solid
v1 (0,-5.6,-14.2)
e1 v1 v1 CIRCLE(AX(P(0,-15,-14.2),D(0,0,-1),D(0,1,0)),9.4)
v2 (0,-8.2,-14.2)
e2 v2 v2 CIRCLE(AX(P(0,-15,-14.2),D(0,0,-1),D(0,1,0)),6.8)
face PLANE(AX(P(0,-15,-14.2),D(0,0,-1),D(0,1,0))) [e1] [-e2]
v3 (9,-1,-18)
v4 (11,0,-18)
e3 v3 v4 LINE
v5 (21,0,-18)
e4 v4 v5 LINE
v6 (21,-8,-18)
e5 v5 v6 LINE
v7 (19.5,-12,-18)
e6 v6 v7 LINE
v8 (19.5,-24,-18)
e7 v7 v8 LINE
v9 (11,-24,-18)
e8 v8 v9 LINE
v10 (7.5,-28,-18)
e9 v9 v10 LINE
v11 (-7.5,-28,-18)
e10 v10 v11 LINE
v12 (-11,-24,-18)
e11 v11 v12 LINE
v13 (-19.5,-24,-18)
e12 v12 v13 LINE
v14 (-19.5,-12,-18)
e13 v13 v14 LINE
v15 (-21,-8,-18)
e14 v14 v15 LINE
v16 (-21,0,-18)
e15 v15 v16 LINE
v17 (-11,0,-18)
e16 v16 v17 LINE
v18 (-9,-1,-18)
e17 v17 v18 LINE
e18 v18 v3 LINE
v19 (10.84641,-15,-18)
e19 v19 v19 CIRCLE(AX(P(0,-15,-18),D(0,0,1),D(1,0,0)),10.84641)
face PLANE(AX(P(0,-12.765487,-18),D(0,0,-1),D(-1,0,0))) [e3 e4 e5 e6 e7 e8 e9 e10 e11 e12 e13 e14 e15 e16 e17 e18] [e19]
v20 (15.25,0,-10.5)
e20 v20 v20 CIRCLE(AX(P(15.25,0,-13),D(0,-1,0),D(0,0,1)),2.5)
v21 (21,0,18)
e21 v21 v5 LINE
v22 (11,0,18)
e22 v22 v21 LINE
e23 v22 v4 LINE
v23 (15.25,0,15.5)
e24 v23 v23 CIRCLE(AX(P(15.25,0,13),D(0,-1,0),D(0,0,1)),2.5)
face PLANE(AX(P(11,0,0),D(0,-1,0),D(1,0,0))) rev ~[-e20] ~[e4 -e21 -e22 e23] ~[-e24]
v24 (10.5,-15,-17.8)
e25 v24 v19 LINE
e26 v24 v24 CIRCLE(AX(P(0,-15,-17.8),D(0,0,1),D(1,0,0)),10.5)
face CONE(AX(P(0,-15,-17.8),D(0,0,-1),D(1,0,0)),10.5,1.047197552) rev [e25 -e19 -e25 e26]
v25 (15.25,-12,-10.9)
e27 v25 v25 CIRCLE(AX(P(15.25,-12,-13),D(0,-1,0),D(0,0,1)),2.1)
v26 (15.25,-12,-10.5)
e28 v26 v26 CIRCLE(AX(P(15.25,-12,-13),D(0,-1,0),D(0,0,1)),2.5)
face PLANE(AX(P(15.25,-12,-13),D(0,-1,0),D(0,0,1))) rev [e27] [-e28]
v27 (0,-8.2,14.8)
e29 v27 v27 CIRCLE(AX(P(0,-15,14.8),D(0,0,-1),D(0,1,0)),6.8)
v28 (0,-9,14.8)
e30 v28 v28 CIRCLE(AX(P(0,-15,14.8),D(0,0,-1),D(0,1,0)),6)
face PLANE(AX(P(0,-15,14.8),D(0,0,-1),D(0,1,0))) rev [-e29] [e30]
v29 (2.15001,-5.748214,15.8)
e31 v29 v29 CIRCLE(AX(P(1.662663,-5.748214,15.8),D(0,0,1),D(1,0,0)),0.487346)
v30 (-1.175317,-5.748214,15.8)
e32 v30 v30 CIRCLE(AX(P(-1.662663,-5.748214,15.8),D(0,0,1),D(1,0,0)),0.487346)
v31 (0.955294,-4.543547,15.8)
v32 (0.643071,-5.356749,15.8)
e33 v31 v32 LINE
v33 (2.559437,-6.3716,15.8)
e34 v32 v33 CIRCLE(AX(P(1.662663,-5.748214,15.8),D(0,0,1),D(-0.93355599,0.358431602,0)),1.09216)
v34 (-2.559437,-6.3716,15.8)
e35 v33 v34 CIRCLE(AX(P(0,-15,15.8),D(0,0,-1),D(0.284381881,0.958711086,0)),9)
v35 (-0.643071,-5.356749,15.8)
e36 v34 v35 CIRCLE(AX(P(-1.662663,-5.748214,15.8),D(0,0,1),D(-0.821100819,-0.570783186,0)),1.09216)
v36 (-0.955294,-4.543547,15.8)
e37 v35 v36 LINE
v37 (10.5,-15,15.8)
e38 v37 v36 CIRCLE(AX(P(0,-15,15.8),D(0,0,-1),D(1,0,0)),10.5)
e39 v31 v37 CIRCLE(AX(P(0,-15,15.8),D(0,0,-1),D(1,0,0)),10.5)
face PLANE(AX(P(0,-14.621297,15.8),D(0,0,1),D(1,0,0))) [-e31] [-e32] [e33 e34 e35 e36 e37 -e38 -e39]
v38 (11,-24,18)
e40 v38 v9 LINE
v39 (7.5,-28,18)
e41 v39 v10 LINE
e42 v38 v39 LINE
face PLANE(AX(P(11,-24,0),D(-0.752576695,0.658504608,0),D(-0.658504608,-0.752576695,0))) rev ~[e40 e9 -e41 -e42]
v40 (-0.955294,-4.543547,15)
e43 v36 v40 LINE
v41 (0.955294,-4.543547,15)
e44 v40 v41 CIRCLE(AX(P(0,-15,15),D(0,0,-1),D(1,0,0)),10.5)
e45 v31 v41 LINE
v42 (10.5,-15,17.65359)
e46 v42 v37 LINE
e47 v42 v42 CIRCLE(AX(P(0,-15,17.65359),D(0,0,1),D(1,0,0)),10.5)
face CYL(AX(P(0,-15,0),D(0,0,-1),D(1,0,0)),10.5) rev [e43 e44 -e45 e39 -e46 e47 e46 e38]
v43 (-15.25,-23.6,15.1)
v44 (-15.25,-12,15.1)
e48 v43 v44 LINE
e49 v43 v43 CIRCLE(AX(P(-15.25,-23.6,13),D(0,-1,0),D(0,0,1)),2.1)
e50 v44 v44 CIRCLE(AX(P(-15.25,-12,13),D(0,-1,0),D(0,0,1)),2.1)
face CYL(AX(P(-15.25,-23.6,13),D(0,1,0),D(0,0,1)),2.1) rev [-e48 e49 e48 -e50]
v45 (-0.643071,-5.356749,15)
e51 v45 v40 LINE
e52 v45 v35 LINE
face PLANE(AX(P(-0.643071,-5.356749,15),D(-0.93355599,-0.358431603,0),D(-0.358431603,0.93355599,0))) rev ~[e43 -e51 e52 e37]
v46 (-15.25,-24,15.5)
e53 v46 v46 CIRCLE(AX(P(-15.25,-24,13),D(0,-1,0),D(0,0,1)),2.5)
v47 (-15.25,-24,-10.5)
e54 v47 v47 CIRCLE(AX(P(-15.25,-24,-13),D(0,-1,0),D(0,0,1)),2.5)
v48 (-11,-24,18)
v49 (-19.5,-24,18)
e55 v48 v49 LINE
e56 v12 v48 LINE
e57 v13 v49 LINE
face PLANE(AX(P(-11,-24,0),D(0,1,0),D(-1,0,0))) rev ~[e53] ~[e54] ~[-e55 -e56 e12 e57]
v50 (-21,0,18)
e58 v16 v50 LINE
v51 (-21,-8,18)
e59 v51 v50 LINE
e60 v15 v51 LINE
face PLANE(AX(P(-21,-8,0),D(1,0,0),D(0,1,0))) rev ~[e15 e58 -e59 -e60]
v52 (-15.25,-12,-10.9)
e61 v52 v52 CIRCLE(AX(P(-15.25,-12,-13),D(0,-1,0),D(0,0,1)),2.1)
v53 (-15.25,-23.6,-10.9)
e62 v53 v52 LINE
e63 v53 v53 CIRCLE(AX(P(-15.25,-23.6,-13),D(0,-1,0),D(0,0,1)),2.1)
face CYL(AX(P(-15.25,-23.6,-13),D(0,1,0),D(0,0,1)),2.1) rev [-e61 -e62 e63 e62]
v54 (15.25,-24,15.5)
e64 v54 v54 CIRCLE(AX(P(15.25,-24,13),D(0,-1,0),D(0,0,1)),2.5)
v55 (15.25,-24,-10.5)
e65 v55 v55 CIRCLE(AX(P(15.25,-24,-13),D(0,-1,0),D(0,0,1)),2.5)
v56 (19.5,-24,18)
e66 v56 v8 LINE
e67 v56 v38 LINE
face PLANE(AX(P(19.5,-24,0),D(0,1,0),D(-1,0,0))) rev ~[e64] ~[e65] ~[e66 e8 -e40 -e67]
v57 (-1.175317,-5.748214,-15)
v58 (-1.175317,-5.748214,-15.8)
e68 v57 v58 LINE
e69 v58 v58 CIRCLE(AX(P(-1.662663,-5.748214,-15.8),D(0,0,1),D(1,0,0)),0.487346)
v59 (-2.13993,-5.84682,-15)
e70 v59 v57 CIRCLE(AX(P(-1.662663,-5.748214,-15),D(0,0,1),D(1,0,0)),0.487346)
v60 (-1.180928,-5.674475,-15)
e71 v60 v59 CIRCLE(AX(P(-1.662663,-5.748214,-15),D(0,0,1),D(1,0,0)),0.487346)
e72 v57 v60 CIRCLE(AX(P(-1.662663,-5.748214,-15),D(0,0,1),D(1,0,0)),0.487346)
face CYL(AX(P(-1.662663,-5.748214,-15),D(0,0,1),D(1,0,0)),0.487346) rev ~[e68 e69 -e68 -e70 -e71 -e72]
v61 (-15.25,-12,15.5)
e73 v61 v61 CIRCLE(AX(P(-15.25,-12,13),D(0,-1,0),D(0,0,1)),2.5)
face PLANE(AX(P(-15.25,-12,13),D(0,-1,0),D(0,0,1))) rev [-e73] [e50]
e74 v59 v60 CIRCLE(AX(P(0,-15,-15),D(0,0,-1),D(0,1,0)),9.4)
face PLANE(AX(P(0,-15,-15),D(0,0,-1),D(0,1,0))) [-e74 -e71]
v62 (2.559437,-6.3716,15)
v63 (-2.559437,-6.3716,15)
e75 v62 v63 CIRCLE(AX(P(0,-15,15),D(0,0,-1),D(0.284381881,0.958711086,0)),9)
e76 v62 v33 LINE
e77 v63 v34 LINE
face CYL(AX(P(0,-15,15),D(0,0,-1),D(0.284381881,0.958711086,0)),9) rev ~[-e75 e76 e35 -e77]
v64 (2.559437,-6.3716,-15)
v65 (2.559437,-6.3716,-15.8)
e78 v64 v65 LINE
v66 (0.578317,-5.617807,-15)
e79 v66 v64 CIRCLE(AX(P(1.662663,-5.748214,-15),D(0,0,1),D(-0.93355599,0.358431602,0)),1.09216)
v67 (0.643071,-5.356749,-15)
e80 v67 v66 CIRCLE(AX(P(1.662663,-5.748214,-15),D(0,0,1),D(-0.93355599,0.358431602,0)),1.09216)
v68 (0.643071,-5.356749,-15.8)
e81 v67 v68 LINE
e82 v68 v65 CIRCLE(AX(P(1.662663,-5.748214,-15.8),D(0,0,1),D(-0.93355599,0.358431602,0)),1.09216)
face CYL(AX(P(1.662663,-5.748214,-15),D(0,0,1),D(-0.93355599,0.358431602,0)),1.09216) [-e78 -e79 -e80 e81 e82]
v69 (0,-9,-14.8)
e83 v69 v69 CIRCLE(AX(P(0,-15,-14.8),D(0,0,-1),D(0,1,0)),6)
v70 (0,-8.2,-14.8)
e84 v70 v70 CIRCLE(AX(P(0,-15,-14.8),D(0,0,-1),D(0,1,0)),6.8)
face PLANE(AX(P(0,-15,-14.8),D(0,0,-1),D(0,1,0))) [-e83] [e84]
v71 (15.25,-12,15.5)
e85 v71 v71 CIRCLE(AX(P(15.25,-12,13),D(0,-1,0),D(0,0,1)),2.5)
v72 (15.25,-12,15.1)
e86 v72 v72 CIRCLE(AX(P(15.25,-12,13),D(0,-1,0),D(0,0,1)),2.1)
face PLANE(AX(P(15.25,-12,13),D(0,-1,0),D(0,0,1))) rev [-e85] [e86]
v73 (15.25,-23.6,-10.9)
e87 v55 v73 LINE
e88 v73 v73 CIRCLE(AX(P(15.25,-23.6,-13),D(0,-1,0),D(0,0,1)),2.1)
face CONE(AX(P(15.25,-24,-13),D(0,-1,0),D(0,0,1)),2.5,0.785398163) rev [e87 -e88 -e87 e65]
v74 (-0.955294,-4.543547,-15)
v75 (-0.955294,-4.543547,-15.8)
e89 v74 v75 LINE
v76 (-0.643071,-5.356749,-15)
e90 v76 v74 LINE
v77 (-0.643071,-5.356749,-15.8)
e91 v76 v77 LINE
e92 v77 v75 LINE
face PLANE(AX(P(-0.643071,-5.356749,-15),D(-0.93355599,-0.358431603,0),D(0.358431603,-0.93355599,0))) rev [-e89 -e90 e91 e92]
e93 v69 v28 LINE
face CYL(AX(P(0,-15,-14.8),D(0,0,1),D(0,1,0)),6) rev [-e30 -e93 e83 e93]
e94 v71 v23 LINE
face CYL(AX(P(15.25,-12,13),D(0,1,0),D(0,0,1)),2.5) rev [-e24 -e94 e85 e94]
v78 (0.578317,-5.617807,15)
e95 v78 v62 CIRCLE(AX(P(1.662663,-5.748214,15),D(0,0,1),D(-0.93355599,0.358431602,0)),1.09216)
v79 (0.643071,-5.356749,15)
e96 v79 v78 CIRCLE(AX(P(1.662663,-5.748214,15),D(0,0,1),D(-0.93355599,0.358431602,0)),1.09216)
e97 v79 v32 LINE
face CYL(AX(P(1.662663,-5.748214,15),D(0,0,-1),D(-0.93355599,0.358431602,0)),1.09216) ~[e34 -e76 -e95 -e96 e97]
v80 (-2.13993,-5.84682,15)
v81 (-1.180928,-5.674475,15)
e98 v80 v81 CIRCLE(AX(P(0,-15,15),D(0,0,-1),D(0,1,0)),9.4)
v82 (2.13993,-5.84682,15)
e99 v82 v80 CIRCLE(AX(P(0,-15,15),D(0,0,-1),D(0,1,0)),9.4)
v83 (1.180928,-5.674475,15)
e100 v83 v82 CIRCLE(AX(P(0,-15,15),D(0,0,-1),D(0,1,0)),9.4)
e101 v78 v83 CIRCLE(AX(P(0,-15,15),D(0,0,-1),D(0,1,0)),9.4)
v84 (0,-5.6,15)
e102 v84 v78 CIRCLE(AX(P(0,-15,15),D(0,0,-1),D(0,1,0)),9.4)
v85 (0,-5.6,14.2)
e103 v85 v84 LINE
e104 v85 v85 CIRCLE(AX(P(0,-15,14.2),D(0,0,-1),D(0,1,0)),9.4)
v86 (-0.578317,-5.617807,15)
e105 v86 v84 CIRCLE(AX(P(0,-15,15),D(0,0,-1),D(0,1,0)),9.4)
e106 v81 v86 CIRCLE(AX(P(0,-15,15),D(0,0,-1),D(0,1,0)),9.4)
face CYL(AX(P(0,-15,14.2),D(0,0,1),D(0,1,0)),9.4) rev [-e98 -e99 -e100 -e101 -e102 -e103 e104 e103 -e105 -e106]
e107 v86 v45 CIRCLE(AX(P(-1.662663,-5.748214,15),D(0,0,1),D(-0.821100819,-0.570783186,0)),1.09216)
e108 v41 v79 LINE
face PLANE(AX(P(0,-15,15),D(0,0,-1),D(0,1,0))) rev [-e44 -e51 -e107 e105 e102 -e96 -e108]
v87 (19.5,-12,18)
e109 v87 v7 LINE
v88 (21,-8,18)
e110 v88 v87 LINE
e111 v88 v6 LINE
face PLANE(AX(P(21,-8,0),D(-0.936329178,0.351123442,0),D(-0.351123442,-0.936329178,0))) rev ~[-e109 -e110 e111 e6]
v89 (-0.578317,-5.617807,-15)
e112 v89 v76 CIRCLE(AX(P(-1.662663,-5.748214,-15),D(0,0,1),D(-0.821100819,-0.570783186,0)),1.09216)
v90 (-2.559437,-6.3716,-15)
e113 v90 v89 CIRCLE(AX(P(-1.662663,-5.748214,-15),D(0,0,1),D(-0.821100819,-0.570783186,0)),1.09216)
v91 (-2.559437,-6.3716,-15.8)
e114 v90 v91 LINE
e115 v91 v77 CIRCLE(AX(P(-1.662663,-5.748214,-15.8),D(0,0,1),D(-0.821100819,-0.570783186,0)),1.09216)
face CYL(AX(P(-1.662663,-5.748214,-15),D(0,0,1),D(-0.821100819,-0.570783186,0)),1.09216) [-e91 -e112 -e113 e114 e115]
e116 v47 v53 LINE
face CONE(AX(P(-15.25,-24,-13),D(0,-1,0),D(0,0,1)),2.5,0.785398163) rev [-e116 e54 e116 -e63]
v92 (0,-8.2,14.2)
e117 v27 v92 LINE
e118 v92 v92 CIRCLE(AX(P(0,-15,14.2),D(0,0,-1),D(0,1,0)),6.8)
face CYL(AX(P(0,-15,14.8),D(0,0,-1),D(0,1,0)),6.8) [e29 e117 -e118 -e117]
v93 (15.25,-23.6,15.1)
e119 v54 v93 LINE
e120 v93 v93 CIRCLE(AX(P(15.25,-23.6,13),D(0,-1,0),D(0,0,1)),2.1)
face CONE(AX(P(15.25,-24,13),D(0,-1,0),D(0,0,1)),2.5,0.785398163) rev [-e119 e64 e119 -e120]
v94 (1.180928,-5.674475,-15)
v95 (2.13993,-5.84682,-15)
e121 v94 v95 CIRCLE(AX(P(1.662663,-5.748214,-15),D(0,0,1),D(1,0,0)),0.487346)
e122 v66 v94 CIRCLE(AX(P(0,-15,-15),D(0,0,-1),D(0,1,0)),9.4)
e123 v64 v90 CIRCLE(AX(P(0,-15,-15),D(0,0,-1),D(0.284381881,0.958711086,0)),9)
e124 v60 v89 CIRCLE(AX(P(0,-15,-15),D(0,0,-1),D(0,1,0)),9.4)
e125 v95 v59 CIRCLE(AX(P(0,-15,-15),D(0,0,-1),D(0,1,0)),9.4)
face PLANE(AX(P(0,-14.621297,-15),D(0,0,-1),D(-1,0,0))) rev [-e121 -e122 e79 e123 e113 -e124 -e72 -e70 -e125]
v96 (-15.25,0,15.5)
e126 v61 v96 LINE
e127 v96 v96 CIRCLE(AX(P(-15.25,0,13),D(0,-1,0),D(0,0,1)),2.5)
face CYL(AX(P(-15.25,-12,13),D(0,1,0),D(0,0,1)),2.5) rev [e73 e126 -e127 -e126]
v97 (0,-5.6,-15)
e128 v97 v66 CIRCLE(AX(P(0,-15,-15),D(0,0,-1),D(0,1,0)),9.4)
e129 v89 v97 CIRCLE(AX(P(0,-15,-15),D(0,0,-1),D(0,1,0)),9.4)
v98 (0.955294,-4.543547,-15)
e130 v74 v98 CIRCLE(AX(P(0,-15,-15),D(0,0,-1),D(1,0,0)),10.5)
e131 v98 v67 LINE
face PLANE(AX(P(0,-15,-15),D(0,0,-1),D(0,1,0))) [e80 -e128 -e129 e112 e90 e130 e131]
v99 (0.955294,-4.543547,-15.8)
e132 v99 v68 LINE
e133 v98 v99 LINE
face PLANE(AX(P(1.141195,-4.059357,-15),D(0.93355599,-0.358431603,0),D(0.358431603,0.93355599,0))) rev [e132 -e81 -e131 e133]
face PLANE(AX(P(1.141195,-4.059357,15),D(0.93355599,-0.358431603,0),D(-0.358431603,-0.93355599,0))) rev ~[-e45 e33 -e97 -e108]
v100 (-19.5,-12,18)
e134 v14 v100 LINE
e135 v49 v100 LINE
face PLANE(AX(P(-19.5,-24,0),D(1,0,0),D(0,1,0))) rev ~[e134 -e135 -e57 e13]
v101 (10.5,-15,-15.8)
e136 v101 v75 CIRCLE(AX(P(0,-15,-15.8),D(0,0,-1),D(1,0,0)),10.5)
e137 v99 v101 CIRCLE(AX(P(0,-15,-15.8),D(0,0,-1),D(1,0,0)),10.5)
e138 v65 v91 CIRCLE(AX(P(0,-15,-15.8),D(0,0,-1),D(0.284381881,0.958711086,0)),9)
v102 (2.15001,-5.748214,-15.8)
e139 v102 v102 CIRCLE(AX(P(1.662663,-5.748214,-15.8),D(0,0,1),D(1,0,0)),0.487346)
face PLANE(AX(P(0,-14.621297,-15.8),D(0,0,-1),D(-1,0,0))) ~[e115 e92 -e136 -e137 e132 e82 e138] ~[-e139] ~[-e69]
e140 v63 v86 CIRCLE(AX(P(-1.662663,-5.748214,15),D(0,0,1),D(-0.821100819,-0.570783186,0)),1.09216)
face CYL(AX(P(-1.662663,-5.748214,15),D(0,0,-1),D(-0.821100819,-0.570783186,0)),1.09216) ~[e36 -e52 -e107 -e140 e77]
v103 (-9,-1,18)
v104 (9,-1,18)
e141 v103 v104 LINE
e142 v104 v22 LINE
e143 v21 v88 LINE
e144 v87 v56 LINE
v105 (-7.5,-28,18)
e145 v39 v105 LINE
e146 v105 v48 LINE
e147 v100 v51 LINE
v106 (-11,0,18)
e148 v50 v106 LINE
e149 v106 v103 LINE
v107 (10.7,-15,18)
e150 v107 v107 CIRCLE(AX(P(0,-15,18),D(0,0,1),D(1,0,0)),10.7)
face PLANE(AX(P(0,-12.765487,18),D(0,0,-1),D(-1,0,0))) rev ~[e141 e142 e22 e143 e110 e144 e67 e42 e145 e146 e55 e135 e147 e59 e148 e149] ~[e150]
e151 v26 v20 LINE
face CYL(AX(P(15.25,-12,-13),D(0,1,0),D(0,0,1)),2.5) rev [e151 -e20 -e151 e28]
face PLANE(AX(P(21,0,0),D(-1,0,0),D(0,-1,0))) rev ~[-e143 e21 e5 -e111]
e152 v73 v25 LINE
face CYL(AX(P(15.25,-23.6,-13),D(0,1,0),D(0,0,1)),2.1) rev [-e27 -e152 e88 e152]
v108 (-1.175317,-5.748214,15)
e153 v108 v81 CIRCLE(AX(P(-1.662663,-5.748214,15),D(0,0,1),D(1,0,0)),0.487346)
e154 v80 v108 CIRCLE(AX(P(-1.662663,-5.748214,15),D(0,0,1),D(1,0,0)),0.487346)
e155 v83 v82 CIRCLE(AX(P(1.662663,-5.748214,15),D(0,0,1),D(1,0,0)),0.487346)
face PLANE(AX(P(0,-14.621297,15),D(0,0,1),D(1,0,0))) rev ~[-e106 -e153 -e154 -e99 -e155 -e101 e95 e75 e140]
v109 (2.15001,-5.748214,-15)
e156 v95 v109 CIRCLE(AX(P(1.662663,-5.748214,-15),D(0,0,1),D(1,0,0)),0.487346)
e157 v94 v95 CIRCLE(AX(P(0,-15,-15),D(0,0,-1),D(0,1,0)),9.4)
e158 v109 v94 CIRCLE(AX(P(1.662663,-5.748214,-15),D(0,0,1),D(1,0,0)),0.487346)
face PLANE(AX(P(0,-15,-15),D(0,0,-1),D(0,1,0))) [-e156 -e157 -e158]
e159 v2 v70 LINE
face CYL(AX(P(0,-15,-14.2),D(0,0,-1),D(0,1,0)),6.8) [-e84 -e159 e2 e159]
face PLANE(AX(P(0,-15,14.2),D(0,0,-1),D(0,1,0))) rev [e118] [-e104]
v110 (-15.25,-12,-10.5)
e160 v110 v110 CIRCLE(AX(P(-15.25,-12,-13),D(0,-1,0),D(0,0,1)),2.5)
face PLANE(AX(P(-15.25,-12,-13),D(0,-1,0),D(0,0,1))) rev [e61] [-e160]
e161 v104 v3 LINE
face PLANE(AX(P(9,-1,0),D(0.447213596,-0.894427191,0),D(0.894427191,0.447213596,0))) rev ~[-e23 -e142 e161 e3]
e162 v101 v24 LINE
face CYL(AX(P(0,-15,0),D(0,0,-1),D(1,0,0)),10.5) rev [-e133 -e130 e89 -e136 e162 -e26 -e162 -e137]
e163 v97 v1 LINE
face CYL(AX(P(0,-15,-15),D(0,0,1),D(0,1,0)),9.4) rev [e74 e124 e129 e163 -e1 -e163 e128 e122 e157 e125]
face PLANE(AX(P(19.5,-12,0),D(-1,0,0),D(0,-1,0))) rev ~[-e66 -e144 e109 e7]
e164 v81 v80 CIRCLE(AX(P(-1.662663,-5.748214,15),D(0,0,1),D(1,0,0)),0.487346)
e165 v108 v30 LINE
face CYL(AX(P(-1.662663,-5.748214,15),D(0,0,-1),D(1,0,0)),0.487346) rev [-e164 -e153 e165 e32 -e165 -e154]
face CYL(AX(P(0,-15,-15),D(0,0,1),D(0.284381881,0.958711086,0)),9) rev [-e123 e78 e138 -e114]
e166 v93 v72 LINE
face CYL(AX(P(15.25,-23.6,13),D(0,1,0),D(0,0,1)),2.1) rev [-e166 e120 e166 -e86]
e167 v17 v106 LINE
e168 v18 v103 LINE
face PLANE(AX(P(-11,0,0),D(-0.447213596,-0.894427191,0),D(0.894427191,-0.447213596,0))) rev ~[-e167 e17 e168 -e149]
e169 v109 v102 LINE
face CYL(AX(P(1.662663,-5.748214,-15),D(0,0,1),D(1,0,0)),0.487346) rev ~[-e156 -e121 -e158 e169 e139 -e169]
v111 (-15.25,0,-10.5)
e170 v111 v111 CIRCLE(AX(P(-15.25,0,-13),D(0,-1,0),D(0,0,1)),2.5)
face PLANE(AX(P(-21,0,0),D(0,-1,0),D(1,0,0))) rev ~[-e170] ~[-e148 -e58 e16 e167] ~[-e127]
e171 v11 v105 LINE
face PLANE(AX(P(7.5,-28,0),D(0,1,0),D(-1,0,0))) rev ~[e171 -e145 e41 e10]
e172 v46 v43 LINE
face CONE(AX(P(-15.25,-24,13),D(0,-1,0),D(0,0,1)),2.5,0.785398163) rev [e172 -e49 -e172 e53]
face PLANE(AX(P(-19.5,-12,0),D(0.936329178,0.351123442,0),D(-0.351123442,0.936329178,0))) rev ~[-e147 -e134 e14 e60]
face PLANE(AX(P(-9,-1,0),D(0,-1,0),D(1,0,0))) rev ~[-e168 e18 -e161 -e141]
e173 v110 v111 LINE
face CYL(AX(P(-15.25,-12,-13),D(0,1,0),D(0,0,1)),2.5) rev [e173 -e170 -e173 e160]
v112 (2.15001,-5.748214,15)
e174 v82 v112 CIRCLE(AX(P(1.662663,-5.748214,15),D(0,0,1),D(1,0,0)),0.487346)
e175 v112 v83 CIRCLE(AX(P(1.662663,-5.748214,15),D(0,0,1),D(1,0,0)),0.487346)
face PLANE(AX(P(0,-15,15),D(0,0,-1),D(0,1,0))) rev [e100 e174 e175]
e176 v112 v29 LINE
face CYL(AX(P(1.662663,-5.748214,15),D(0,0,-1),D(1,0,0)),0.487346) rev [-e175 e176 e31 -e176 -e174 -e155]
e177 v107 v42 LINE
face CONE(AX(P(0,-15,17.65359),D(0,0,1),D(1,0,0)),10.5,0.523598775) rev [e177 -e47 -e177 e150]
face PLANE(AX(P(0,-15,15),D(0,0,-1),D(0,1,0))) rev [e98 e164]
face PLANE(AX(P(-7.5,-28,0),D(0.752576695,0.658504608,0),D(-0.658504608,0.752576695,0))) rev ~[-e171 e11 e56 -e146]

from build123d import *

# Parameters (mm, degrees)
SKETCH1_R                  = 10.5
BOSS_EXTRUDE1_DEPTH        = 18
SKETCH3_R                  = 0.487346303
BOSS_EXTRUDE2_DEPTH        = 0.8
M5_TAPPED_HOLE1_AT_2_COUNT = 2
M5_TAPPED_HOLE1_AT_2_PITCH = 26
M5_TAPPED_HOLE1_AT_3_COUNT = 2
M5_TAPPED_HOLE1_AT_3_PITCH = 30.5
M5_TAPPED_HOLE1_AT_4_COUNT = 2
M5_TAPPED_HOLE1_AT_4_PITCH = 40.078048855
CHAMFER1_SIZE              = 0.2
CHAMFER1_SIZE2             = 0.346410162
CHAMFER1_PART_2_SIZE       = 0.2
CHAMFER1_PART_2_SIZE2      = 0.346410162


with BuildPart() as part:
    # Sketch1 → Boss-Extrude1 (new body, symmetric)
    with BuildSketch(Plane.XY):
        Polygon((-9, -1), (9, -1), (11, 0), (21, 0), (21, -8), (19.5, -12), (19.5, -24), (11, -24), (7.5, -28), (-7.5, -28), (-11, -24), (-19.5, -24), (-19.5, -12), (-21, -8), (-21, 0), (-11, 0), align=None)
        with Locations((0, -15)):
            Circle(SKETCH1_R, mode=Mode.SUBTRACT)
    extrude(amount=BOSS_EXTRUDE1_DEPTH, both=True)

    # Sketch2 → Revolve1 (revolve)
    with BuildSketch(Plane(origin=(0, 0, 0), x_dir=(0, 0, -1), z_dir=(1, 0, 0))):
        Polygon((-15, -4.5), (15, -4.5), (15, -5.6), (14.2, -5.6), (14.2, -8.2), (14.8, -8.2), (14.8, -9), (-14.8, -9), (-14.8, -8.2), (-14.2, -8.2), (-14.2, -5.6), (-15, -5.6), align=None)
    revolve(axis=Axis((0, -15, 30.2753079), (0, 0, -1)))

    # Sketch3 → Boss-Extrude2 (add)
    with BuildSketch(Plane.XY.offset(15)):
        with BuildLine():
            Line((1.141194716, -4.059356755), (0.643070986, -5.356749026))
            ThreePointArc((0.643070986, -5.356749026), (1.151535438, -6.713388037), (2.559436926, -6.371600228))
            ThreePointArc((2.559436926, -6.371600228), (0, -24), (-2.559436926, -6.371600228))
            ThreePointArc((-2.559436926, -6.371600228), (-1.151535438, -6.713388037), (-0.643070986, -5.356749026))
            Line((-0.643070986, -5.356749026), (-1.141194716, -4.059356755))
            ThreePointArc((-1.141194716, -4.059356755), (0, -26), (1.141194716, -4.059356755))
        make_face()
        with Locations((1.662663475, -5.748213677)):
            Circle(SKETCH3_R, mode=Mode.SUBTRACT)
        with Locations((-1.662663475, -5.748213677)):
            Circle(SKETCH3_R, mode=Mode.SUBTRACT)
    boss_extrude2 = extrude(amount=BOSS_EXTRUDE2_DEPTH)

    # Mirror1: Boss-Extrude2 across plane
    add(boss_extrude2.mirror(Plane.XY))

    # Sketch6 → M5 Tapped Hole1 (revolve, cut)
    with BuildSketch(Plane(origin=(15.25, 0, -13), x_dir=(0, 0, 1), z_dir=(1, 0, 0))):
        Polygon((0, 0), (0, 24), (2.5, 24), (2.1, 23.6), (2.1, 12), (2.5, 12), (2.5, 0), align=None)
    m5_tapped_hole1 = revolve(axis=Axis((15.25, 6.35, -13), (0, -1, 0)), mode=Mode.SUBTRACT)

    # M5 Tapped Hole1 at 2: M5 Tapped Hole1 ×2
    with Locations(*[(0, 0, i * M5_TAPPED_HOLE1_AT_2_PITCH) for i in range(1, M5_TAPPED_HOLE1_AT_2_COUNT)]):
        add(m5_tapped_hole1, mode=Mode.SUBTRACT)

    # M5 Tapped Hole1 at 3: M5 Tapped Hole1 ×2
    with Locations(*[(-i * M5_TAPPED_HOLE1_AT_3_PITCH, 0, 0) for i in range(1, M5_TAPPED_HOLE1_AT_3_COUNT)]):
        add(m5_tapped_hole1, mode=Mode.SUBTRACT)

    # M5 Tapped Hole1 at 4: M5 Tapped Hole1 ×2
    with Locations(*[Vector(-0.761015091, 0, 0.648734176) * (i * M5_TAPPED_HOLE1_AT_4_PITCH) for i in range(1, M5_TAPPED_HOLE1_AT_4_COUNT)]):
        add(m5_tapped_hole1, mode=Mode.SUBTRACT)

    # Chamfer1
    chamfer1_edges = [part.edges().sort_by_distance(p)[0] for p in [
        (-10.5, -15, -18),
    ]]
    chamfer1_side = [part.faces().sort_by_distance(p)[0] for p in [
        (-10.5, -15, -16.5),
    ]]
    chamfer(chamfer1_edges, length=CHAMFER1_SIZE, length2=CHAMFER1_SIZE2, reference=chamfer1_side[0])

    # Chamfer1 part 2
    chamfer1_part_2_edges = [part.edges().sort_by_distance(p)[0] for p in [
        (-10.5, -15, 18),
    ]]
    chamfer1_part_2_side = [part.faces().sort_by_distance(p)[0] for p in [
        (0, -1.504777179, 18),
    ]]
    chamfer(chamfer1_part_2_edges, length=CHAMFER1_PART_2_SIZE, length2=CHAMFER1_PART_2_SIZE2, reference=chamfer1_part_2_side[0])


solid = part.part
